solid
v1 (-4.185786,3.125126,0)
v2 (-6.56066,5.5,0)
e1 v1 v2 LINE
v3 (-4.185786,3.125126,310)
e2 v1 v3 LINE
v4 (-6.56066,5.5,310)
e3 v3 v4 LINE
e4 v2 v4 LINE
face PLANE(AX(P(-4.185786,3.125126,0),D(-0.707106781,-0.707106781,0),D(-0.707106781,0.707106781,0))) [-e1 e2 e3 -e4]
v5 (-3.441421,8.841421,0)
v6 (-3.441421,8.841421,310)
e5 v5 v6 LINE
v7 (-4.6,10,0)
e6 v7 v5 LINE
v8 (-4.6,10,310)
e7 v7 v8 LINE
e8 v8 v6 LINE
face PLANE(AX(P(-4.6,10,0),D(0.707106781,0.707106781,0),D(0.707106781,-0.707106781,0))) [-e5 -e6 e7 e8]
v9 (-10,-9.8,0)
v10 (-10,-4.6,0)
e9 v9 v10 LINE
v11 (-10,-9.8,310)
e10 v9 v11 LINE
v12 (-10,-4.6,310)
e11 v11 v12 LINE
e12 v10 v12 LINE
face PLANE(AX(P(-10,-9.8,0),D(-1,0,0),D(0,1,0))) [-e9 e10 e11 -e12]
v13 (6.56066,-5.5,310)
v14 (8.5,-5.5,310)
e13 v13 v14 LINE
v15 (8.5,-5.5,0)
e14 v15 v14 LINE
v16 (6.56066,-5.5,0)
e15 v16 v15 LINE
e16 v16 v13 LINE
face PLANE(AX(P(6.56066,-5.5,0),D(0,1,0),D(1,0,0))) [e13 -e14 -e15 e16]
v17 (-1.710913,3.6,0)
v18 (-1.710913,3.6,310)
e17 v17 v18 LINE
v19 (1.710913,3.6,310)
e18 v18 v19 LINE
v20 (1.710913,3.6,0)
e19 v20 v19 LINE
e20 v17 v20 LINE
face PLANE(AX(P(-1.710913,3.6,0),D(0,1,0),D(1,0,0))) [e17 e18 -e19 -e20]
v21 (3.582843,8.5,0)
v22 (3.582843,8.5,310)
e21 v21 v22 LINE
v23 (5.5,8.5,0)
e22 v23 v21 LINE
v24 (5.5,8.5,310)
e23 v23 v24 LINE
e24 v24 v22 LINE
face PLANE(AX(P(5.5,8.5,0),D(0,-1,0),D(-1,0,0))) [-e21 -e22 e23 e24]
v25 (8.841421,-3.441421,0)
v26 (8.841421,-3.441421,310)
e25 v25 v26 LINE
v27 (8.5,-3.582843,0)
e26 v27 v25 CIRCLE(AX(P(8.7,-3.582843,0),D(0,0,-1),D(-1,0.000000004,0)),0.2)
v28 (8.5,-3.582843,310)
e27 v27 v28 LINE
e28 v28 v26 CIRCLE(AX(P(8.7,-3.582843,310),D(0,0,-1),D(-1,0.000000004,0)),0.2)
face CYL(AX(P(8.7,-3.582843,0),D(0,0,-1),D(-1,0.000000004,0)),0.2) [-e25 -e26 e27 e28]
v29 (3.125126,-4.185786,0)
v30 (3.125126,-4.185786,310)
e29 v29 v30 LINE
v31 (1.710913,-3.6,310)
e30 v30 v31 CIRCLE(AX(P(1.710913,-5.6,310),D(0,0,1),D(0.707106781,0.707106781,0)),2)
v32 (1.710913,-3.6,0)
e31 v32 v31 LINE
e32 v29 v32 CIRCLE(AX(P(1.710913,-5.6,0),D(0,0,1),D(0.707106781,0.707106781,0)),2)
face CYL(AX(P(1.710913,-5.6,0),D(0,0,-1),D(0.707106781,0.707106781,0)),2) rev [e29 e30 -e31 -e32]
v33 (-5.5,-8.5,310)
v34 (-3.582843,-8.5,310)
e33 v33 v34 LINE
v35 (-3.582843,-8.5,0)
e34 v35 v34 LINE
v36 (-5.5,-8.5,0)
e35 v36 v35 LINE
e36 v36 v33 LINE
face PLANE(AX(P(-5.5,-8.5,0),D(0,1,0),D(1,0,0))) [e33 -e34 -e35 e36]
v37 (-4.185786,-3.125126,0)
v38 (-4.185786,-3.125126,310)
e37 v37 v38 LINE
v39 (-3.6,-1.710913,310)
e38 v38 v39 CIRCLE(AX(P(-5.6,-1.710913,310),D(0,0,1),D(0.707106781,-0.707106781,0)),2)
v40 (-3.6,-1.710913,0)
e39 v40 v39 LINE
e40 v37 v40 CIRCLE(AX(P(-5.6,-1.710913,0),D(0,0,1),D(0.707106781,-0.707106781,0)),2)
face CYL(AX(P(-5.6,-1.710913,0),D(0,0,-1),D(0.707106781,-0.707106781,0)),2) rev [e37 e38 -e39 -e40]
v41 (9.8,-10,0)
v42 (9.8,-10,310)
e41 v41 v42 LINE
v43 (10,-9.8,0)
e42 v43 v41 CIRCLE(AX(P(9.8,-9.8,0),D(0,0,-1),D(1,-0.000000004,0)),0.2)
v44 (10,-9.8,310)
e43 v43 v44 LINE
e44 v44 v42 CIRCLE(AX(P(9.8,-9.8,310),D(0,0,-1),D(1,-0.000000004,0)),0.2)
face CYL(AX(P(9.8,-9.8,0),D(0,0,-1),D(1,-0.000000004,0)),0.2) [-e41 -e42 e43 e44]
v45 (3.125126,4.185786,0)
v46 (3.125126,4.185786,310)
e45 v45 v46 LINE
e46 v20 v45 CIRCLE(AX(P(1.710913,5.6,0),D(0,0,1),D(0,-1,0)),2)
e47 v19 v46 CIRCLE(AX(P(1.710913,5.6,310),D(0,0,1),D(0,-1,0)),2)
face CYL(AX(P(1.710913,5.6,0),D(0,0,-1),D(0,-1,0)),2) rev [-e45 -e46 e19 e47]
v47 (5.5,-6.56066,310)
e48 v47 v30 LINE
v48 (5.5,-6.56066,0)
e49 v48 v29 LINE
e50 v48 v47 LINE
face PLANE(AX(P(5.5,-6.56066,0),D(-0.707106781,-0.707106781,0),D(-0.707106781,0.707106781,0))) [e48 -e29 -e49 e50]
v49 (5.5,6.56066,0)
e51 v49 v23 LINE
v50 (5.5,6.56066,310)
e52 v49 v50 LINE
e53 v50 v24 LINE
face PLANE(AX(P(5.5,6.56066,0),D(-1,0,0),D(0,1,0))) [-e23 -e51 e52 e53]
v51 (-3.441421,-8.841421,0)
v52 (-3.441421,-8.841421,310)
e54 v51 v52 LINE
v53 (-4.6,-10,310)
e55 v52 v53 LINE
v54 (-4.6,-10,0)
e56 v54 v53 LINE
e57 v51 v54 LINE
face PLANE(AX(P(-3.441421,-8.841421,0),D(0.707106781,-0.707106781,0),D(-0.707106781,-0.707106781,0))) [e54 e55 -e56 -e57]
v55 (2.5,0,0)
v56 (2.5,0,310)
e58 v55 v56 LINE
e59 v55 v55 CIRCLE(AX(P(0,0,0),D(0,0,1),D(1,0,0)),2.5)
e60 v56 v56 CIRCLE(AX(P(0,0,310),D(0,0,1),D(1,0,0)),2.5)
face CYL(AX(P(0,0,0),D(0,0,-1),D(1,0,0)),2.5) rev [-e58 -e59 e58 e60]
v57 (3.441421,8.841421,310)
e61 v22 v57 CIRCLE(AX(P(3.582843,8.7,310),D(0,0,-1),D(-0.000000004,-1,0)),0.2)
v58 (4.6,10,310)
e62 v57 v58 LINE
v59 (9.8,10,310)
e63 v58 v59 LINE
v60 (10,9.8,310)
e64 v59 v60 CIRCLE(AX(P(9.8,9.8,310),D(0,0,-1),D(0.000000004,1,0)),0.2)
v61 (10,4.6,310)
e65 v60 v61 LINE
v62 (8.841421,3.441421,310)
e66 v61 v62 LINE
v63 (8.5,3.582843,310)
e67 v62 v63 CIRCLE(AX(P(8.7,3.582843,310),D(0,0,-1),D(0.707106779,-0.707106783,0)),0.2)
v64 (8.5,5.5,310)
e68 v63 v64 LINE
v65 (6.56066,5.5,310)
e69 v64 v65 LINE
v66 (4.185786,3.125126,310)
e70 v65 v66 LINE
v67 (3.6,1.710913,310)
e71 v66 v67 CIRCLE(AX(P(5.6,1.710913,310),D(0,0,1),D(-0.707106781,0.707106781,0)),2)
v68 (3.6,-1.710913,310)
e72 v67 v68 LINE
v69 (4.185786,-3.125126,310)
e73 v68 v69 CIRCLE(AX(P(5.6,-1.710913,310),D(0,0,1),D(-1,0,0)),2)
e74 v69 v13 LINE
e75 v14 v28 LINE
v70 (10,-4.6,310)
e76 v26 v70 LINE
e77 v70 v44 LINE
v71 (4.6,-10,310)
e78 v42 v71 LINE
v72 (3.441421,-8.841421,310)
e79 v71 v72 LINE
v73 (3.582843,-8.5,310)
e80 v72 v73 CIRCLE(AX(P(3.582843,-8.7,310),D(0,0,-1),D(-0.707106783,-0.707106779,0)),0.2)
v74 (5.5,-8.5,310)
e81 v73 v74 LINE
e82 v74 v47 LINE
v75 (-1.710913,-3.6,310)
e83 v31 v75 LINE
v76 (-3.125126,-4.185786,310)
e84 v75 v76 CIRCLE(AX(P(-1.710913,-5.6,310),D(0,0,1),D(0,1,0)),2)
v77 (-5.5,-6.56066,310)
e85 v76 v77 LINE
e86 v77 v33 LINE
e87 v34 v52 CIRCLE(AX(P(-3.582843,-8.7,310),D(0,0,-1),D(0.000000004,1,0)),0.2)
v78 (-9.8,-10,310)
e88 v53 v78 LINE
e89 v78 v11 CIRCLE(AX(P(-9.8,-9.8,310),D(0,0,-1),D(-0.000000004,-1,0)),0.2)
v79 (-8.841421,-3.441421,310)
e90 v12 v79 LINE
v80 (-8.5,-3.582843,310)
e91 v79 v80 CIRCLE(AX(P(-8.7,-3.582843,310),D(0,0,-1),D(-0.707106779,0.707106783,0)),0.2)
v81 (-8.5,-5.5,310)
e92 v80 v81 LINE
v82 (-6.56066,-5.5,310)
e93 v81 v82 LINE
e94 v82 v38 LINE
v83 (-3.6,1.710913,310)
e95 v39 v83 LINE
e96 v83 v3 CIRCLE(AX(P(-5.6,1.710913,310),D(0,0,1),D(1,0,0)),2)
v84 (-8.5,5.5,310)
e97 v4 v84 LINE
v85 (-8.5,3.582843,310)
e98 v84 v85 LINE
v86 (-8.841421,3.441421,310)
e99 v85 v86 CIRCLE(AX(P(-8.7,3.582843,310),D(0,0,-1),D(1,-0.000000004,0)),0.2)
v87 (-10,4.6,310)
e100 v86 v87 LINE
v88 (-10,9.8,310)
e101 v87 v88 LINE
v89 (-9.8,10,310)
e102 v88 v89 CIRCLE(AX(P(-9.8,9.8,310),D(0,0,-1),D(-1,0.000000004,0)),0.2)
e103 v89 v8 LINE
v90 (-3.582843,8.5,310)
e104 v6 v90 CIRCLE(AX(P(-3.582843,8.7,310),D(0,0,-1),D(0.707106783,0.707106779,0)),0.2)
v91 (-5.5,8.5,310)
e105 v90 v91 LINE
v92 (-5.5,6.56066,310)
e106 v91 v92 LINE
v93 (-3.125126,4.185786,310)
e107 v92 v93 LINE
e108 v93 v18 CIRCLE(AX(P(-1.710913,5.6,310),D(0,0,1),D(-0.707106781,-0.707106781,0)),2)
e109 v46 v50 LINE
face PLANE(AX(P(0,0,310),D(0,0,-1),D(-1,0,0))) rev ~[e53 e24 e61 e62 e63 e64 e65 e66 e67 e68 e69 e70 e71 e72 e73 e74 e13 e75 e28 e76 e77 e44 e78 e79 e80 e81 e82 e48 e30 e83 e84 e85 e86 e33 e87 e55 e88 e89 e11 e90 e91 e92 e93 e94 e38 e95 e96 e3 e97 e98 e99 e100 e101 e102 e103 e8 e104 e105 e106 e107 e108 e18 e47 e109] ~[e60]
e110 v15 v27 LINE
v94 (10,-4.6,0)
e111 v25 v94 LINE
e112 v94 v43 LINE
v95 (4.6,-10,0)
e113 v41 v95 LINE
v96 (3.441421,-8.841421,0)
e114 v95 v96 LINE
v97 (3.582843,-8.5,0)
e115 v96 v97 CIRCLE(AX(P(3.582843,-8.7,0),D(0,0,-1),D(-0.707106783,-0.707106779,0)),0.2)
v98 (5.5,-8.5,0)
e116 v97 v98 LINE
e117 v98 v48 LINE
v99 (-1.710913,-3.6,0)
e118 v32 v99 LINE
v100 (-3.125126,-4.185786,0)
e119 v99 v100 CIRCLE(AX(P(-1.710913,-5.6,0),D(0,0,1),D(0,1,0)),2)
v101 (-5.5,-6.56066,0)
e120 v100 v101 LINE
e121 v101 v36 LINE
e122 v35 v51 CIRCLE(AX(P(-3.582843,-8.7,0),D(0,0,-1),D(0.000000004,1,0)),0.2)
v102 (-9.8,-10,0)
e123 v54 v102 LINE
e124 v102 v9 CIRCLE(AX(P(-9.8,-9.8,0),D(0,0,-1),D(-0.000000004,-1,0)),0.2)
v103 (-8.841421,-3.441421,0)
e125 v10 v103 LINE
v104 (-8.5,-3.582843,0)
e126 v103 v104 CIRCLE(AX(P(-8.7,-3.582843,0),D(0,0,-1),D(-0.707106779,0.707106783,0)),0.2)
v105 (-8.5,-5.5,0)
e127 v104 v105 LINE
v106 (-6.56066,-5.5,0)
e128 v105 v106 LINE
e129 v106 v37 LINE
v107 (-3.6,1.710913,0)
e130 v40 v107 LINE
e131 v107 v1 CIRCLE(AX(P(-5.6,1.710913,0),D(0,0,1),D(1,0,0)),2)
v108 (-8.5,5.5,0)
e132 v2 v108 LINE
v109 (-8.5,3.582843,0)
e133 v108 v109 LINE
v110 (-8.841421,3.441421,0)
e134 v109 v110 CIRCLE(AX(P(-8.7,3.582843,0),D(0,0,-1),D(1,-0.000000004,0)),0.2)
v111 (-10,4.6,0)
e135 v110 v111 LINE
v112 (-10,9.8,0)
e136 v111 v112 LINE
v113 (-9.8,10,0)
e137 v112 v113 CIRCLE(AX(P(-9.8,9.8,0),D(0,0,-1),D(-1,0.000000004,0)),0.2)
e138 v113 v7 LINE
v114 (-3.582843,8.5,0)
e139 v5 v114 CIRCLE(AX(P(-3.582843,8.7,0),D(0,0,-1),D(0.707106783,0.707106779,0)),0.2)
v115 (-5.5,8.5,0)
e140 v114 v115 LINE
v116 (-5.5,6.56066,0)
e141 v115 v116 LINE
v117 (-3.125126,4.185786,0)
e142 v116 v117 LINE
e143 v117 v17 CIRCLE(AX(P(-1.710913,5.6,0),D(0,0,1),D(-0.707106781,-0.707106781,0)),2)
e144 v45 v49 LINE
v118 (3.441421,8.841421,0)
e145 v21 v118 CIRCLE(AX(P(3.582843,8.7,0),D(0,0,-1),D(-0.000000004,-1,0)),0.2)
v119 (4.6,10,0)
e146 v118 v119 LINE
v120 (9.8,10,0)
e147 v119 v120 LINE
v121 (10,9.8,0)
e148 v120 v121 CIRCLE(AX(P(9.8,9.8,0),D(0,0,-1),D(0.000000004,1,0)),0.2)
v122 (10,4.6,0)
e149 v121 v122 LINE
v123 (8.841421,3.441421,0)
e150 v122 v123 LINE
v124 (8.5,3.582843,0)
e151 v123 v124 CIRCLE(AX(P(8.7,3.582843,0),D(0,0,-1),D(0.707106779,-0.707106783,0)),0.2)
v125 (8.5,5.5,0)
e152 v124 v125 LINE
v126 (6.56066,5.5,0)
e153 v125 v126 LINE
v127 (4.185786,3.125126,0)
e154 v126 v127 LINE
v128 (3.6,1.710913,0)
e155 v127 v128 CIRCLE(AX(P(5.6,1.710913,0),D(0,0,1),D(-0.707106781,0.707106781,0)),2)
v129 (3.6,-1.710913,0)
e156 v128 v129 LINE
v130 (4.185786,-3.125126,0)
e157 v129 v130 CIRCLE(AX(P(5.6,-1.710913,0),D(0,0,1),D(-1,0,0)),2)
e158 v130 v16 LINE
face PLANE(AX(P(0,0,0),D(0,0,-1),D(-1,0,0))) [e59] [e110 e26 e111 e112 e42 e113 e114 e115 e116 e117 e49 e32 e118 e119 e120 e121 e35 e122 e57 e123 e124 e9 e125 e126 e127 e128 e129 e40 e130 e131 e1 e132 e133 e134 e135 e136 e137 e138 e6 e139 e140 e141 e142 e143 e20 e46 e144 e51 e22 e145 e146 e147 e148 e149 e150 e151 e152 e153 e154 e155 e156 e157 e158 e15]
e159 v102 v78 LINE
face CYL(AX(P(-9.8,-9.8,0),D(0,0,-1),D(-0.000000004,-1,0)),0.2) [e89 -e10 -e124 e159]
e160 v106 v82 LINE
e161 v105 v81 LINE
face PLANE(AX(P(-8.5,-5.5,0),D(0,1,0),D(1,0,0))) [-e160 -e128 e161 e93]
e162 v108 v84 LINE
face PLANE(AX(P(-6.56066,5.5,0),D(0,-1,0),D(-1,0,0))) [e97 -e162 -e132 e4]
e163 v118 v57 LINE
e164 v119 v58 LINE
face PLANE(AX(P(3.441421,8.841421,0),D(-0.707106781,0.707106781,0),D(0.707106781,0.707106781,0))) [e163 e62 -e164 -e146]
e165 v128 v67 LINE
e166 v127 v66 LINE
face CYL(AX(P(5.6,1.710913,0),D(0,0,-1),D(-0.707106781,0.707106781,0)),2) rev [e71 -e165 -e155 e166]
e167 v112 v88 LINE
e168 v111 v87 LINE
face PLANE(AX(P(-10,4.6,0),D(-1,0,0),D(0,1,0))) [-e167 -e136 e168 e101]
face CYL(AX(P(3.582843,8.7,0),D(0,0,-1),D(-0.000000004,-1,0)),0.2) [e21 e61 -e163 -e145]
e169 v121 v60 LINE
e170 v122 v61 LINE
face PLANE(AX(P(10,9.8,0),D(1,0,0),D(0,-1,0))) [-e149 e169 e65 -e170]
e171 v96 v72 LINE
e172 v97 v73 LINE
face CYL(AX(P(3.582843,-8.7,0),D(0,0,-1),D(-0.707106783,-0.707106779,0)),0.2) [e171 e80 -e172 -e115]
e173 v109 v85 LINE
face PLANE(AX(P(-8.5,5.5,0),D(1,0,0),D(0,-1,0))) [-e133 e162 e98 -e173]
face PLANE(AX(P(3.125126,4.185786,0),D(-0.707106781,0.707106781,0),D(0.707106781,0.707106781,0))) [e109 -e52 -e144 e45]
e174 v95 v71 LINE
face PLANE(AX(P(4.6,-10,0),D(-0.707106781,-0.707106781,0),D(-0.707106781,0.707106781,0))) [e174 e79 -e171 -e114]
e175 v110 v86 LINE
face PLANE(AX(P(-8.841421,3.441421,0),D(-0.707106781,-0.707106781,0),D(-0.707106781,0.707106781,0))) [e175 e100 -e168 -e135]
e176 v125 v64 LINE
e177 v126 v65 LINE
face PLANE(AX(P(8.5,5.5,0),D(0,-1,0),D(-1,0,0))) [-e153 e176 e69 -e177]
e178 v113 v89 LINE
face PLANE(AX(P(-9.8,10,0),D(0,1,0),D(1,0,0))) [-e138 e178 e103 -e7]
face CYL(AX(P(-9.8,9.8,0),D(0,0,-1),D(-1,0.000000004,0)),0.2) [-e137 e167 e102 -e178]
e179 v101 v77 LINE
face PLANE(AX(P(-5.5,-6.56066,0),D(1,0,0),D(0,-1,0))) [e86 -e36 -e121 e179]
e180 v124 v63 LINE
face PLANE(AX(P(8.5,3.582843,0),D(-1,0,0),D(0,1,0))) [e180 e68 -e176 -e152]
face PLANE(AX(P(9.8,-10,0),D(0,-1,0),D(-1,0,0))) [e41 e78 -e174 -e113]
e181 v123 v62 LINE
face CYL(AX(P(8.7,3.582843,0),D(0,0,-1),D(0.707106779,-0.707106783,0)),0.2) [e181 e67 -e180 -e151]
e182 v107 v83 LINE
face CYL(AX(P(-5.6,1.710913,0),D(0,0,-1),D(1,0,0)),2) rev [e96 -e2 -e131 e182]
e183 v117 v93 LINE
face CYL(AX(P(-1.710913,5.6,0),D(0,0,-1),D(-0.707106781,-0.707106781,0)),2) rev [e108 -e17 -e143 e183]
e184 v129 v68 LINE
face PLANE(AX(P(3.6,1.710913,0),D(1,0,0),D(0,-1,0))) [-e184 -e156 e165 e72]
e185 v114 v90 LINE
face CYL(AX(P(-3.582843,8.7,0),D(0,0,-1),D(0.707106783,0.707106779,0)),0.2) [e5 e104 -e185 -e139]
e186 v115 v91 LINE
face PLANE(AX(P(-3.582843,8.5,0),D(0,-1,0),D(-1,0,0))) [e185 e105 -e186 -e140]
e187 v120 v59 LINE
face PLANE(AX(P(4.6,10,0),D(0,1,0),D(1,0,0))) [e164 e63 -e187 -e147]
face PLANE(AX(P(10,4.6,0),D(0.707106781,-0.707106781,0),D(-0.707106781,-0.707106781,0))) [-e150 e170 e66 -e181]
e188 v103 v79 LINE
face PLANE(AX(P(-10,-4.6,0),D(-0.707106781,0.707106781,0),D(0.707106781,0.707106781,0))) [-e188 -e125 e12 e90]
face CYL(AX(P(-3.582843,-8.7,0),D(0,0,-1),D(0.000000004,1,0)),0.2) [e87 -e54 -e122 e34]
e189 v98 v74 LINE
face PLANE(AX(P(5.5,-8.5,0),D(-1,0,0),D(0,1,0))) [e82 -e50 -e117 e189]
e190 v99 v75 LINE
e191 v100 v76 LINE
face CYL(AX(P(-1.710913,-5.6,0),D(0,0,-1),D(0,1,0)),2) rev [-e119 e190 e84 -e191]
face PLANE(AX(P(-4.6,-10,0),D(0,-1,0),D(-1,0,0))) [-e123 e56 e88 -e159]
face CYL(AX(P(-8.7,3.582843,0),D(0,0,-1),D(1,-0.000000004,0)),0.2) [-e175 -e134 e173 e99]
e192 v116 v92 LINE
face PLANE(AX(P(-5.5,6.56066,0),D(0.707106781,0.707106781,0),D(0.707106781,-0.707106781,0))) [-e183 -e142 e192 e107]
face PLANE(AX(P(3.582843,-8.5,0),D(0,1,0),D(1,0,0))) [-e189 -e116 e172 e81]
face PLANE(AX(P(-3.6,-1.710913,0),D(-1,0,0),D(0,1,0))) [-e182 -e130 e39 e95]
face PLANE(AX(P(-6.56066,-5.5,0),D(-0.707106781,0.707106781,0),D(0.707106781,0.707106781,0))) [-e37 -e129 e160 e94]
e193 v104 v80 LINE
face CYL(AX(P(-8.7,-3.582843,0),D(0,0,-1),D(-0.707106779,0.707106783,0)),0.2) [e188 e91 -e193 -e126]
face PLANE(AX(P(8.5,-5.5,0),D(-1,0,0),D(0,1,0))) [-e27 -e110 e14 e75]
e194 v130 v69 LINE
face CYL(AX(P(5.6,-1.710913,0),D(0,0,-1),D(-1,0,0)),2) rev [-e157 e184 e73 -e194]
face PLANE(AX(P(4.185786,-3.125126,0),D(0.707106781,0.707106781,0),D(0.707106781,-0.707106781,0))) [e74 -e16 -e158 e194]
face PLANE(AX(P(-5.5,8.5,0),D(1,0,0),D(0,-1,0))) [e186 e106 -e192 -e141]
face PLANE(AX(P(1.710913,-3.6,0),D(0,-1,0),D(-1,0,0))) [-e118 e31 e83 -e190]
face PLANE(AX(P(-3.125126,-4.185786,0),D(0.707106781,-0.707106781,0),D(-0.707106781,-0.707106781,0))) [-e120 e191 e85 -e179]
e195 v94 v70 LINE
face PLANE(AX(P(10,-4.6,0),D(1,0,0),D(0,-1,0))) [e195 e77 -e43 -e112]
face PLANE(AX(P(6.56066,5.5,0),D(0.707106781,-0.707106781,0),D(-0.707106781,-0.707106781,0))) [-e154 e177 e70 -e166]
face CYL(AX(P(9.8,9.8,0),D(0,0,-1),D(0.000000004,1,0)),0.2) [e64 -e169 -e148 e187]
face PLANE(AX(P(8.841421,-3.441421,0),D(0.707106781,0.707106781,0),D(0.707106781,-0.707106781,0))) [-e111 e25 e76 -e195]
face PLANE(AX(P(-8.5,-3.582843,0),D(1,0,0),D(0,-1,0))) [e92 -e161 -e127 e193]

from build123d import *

# Parameters (mm, degrees)
ESBO_O1_R                = 2.5
RESSALTO_EXTRUS_O1_DEPTH = 310


with BuildPart() as part:
    # Esboço1 → Ressalto-extrusão1 (new body)
    with BuildSketch(Plane.XY):
        with BuildLine():
            Line((-4.6, -10), (-9.8, -10))
            ThreePointArc((-9.8, -10), (-9.941421356, -9.941421356), (-10, -9.8))
            Line((-10, -9.8), (-10, -4.6))
            Line((-10, -4.6), (-8.841421356, -3.441421356))
            ThreePointArc((-8.841421356, -3.441421356), (-8.623463314, -3.398066806), (-8.5, -3.582842712))
            Line((-8.5, -3.582842712), (-8.5, -5.5))
            Line((-8.5, -5.5), (-6.560660172, -5.5))
            Line((-6.560660172, -5.5), (-4.185786438, -3.125126266))
            ThreePointArc((-4.185786438, -3.125126266), (-3.752240935, -2.476279568), (-3.6, -1.710912703))
            Line((-3.6, -1.710912703), (-3.6, 1.710912703))
            ThreePointArc((-3.6, 1.710912703), (-3.752240935, 2.476279568), (-4.185786438, 3.125126266))
            Line((-4.185786438, 3.125126266), (-6.560660172, 5.5))
            Line((-6.560660172, 5.5), (-8.5, 5.5))
            Line((-8.5, 5.5), (-8.5, 3.582842712))
            ThreePointArc((-8.5, 3.582842712), (-8.623463314, 3.398066806), (-8.841421356, 3.441421356))
            Line((-8.841421356, 3.441421356), (-10, 4.6))
            Line((-10, 4.6), (-10, 9.8))
            ThreePointArc((-10, 9.8), (-9.941421356, 9.941421356), (-9.8, 10))
            Line((-9.8, 10), (-4.6, 10))
            Line((-4.6, 10), (-3.441421356, 8.841421356))
            ThreePointArc((-3.441421356, 8.841421356), (-3.398066806, 8.623463314), (-3.582842712, 8.5))
            Line((-3.582842712, 8.5), (-5.5, 8.5))
            Line((-5.5, 8.5), (-5.5, 6.560660172))
            Line((-5.5, 6.560660172), (-3.125126266, 4.185786438))
            ThreePointArc((-3.125126266, 4.185786438), (-2.476279568, 3.752240935), (-1.710912703, 3.6))
            Line((-1.710912703, 3.6), (1.710912703, 3.6))
            ThreePointArc((1.710912703, 3.6), (2.476279568, 3.752240935), (3.125126266, 4.185786438))
            Line((3.125126266, 4.185786438), (5.5, 6.560660172))
            Line((5.5, 6.560660172), (5.5, 8.5))
            Line((5.5, 8.5), (3.582842712, 8.5))
            ThreePointArc((3.582842712, 8.5), (3.398066806, 8.623463314), (3.441421356, 8.841421356))
            Line((3.441421356, 8.841421356), (4.6, 10))
            Line((4.6, 10), (9.8, 10))
            ThreePointArc((9.8, 10), (9.941421356, 9.941421356), (10, 9.8))
            Line((10, 9.8), (10, 4.6))
            Line((10, 4.6), (8.841421356, 3.441421356))
            ThreePointArc((8.841421356, 3.441421356), (8.623463314, 3.398066806), (8.5, 3.582842712))
            Line((8.5, 3.582842712), (8.5, 5.5))
            Line((8.5, 5.5), (6.560660172, 5.5))
            Line((6.560660172, 5.5), (4.185786438, 3.125126266))
            ThreePointArc((4.185786438, 3.125126266), (3.752240935, 2.476279568), (3.6, 1.710912703))
            Line((3.6, 1.710912703), (3.6, -1.710912703))
            ThreePointArc((3.6, -1.710912703), (3.752240935, -2.476279568), (4.185786438, -3.125126266))
            Line((4.185786438, -3.125126266), (6.560660172, -5.5))
            Line((6.560660172, -5.5), (8.5, -5.5))
            Line((8.5, -5.5), (8.5, -3.582842712))
            ThreePointArc((8.5, -3.582842712), (8.623463314, -3.398066806), (8.841421356, -3.441421356))
            Line((8.841421356, -3.441421356), (10, -4.6))
            Line((10, -4.6), (10, -9.8))
            ThreePointArc((10, -9.8), (9.941421356, -9.941421356), (9.8, -10))
            Line((9.8, -10), (4.6, -10))
            Line((4.6, -10), (3.441421356, -8.841421356))
            ThreePointArc((3.441421356, -8.841421356), (3.398066806, -8.623463314), (3.582842712, -8.5))
            Line((3.582842712, -8.5), (5.5, -8.5))
            Line((5.5, -8.5), (5.5, -6.560660172))
            Line((5.5, -6.560660172), (3.125126266, -4.185786438))
            ThreePointArc((3.125126266, -4.185786438), (2.476279568, -3.752240935), (1.710912703, -3.6))
            Line((1.710912703, -3.6), (-1.710912703, -3.6))
            ThreePointArc((-1.710912703, -3.6), (-2.476279568, -3.752240935), (-3.125126266, -4.185786438))
            Line((-3.125126266, -4.185786438), (-5.5, -6.560660172))
            Line((-5.5, -6.560660172), (-5.5, -8.5))
            Line((-5.5, -8.5), (-3.582842712, -8.5))
            ThreePointArc((-3.582842712, -8.5), (-3.398066806, -8.623463314), (-3.441421356, -8.841421356))
            Line((-3.441421356, -8.841421356), (-4.6, -10))
        make_face()
        Circle(ESBO_O1_R, mode=Mode.SUBTRACT)
    extrude(amount=RESSALTO_EXTRUS_O1_DEPTH)


solid = part.part
